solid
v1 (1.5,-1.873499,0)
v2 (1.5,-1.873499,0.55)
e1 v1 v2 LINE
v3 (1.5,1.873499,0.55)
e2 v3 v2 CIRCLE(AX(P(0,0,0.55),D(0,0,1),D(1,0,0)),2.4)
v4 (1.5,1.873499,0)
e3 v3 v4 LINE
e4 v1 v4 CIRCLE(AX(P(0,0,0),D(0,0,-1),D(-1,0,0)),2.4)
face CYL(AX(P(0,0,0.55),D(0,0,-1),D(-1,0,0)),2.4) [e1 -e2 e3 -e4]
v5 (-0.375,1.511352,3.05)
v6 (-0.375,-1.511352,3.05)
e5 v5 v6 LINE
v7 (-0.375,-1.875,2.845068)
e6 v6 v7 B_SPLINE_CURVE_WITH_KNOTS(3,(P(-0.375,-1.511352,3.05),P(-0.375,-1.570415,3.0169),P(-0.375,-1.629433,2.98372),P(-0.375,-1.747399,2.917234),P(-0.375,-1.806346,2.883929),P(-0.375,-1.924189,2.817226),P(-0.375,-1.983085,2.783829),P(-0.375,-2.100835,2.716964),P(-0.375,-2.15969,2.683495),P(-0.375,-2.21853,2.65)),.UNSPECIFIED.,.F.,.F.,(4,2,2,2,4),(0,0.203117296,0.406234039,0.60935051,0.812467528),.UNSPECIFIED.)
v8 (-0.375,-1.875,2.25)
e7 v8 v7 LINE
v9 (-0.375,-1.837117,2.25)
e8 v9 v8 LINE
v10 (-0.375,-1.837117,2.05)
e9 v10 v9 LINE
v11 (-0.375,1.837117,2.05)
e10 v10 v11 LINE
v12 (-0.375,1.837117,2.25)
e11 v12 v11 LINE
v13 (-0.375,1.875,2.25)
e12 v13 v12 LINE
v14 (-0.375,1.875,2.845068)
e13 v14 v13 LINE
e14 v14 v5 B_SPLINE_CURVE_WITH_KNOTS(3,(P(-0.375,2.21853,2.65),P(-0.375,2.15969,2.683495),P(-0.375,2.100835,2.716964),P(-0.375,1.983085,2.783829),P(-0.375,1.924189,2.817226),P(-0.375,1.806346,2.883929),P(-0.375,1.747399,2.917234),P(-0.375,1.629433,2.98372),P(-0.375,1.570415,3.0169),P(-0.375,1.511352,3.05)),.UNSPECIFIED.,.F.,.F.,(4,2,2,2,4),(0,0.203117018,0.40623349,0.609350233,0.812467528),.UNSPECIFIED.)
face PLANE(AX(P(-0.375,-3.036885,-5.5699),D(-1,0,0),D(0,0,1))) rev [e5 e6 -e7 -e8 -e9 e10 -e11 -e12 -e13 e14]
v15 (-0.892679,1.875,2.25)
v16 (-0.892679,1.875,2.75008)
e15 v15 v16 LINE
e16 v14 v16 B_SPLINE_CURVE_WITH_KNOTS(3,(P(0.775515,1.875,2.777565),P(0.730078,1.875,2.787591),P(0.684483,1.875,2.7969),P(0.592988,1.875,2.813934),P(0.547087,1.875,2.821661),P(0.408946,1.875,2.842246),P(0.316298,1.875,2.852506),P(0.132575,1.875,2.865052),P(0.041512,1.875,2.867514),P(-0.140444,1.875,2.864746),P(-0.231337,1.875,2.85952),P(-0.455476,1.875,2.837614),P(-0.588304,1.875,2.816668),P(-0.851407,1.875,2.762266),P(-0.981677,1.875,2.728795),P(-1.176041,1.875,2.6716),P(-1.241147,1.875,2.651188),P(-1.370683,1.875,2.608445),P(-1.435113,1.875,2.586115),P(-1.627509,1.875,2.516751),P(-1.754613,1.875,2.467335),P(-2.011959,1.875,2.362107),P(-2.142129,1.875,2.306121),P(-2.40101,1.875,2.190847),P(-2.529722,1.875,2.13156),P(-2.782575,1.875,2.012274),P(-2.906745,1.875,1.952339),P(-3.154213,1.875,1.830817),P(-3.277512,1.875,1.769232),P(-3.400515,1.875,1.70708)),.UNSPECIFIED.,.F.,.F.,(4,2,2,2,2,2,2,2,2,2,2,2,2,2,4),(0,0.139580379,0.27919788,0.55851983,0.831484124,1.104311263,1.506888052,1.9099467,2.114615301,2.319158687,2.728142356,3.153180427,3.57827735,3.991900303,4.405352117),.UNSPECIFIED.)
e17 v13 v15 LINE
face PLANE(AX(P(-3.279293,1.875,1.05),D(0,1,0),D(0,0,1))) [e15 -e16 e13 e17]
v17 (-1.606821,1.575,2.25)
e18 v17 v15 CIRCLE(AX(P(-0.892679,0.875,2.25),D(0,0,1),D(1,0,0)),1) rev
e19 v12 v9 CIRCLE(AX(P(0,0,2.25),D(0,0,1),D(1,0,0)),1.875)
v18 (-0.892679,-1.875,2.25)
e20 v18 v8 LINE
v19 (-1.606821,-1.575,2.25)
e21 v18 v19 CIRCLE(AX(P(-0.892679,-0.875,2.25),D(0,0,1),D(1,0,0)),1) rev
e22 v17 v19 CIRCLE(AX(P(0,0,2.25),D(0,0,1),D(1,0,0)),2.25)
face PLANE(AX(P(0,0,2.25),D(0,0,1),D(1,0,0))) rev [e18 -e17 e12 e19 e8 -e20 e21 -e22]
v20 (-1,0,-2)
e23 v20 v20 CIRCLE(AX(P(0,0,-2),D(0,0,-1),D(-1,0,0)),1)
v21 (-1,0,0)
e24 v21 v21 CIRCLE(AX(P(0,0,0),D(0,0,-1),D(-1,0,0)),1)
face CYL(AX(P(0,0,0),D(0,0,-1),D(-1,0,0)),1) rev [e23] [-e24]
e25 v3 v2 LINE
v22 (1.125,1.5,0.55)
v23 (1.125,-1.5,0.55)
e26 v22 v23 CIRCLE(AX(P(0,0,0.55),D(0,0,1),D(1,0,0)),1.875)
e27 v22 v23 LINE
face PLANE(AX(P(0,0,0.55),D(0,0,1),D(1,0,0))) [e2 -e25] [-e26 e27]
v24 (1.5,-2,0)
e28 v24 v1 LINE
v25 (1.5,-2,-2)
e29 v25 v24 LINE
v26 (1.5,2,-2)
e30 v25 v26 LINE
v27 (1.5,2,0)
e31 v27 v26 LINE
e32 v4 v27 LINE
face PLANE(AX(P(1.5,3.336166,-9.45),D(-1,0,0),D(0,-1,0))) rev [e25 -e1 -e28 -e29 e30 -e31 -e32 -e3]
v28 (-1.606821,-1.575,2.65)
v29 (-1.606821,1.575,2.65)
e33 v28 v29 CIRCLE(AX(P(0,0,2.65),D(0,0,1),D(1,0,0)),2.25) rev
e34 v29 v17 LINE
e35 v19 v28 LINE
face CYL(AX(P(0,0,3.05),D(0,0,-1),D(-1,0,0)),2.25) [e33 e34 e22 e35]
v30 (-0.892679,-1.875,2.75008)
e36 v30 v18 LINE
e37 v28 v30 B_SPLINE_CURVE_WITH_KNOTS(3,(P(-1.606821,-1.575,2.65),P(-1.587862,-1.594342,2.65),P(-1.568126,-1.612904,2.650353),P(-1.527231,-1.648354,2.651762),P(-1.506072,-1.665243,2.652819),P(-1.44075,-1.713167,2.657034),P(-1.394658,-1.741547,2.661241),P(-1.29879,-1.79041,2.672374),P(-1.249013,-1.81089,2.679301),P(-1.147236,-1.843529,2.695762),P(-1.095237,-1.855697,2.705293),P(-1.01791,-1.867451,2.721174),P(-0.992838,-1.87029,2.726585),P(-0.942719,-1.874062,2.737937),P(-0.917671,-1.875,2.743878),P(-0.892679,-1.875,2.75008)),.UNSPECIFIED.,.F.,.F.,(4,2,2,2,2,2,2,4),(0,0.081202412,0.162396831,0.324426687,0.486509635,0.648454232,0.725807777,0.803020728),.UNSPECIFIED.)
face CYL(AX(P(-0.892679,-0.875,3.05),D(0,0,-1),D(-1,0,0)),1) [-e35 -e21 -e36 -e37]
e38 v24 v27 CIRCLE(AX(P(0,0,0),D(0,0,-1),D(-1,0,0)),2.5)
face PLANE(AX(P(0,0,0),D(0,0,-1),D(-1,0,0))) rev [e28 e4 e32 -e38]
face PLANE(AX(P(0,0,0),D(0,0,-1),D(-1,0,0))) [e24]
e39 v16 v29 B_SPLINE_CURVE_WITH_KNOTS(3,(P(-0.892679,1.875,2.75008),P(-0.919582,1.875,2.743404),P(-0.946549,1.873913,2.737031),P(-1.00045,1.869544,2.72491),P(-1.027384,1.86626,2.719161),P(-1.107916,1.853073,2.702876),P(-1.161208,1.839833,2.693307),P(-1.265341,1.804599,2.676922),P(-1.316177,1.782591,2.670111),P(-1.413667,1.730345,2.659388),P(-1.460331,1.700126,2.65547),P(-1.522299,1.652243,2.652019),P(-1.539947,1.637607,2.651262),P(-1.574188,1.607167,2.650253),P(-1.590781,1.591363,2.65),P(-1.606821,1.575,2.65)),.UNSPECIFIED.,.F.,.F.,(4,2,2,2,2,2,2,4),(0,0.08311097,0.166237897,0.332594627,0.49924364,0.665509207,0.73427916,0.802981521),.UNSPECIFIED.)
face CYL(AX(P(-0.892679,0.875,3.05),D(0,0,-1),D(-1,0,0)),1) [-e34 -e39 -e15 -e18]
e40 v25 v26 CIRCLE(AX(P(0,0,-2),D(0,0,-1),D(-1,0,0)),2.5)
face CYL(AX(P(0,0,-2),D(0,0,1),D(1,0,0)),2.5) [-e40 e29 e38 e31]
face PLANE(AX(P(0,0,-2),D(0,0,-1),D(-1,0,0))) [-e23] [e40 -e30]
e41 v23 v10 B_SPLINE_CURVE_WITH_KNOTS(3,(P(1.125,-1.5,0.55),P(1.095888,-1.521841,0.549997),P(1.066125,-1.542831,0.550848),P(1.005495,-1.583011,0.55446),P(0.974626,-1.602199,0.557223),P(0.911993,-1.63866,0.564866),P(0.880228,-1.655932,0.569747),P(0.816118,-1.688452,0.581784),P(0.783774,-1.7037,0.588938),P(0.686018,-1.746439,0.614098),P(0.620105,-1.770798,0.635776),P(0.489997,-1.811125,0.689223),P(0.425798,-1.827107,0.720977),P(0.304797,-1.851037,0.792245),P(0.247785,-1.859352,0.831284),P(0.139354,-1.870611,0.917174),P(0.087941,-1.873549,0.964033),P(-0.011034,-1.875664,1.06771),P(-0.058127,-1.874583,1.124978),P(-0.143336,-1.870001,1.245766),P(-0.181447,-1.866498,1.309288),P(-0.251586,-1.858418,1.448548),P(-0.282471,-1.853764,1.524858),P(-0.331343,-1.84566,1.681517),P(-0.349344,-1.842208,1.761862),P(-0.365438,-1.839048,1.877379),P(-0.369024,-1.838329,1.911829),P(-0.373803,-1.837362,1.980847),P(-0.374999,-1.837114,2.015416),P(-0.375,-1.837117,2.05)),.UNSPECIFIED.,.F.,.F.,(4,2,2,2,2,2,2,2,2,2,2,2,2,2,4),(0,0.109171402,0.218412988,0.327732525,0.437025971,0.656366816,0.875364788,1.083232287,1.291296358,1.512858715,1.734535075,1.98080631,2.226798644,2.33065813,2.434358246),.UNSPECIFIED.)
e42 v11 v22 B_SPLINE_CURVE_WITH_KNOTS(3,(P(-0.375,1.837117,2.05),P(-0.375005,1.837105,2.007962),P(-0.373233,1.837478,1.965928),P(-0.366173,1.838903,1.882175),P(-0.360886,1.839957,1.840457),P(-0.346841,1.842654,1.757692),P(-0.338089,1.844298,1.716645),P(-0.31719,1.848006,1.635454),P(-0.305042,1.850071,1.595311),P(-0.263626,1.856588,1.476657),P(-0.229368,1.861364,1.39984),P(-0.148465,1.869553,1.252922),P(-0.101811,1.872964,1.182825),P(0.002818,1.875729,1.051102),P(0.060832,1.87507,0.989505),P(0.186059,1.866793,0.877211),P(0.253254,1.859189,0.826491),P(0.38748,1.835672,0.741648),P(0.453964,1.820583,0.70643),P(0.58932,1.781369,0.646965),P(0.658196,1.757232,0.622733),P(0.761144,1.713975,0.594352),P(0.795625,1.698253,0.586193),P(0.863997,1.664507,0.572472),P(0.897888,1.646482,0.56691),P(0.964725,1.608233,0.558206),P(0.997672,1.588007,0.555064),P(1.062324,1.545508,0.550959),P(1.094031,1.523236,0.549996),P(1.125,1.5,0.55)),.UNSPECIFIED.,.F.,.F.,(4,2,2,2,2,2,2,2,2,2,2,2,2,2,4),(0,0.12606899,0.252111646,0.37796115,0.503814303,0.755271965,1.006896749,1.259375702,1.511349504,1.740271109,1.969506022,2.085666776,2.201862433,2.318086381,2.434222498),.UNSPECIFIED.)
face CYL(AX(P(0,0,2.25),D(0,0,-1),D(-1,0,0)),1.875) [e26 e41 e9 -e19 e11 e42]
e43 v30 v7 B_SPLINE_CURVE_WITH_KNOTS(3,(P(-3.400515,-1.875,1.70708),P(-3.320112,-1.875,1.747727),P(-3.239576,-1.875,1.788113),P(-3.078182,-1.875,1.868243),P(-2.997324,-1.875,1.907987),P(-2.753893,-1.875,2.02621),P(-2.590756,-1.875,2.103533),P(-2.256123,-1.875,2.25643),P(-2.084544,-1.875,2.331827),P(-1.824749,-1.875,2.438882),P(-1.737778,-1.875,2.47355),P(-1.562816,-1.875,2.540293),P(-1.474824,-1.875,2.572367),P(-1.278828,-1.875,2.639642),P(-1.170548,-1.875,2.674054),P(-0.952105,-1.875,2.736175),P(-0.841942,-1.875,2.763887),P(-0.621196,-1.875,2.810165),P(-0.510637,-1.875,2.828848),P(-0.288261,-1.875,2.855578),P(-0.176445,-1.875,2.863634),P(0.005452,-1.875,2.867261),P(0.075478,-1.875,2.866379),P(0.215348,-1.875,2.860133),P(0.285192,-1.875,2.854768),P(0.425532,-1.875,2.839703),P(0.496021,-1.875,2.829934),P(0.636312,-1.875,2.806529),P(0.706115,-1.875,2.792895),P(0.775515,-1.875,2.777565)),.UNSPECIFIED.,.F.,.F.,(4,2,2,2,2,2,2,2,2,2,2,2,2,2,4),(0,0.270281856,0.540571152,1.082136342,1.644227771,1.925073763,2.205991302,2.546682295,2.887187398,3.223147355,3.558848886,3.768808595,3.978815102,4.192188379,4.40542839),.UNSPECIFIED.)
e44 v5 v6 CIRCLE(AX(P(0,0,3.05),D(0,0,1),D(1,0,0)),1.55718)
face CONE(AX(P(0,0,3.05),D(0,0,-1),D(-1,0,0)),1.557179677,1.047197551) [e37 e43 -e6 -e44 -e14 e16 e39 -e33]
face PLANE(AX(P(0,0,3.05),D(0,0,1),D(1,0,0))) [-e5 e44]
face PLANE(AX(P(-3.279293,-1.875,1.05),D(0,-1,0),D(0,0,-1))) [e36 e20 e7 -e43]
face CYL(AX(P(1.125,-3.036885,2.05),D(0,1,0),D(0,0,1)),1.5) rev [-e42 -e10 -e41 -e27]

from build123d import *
from OCP.BRepFilletAPI import BRepFilletAPI_MakeChamfer

# Parameters (mm, degrees)
SKETCH1_R               = 2.4
BOSS_EXTRUDE1_DEPTH     = 0.55
SKETCH2_R               = 1.875
BOSS_EXTRUDE2_DEPTH     = 1.7
SKETCH3_R               = 2.5
BOSS_EXTRUDE3_DEPTH     = 2
SKETCH4_R               = 2.25
BOSS_EXTRUDE4_DEPTH     = 0.8
CUT_EXTRUDE1_REACH      = 8.165
SKETCH5_W               = 0.75
SKETCH5_H               = 6.07376998
CHAMFER1_SIZE           = 0.4
CHAMFER1_SIZE2          = 0.692820323
SKETCH6_W               = 6.999273813
SKETCH6_H               = 5.334981493
SKETCH6_W_2             = 6.558585844
SKETCH6_H_2             = 3.75
CUT_EXTRUDE3_DEPTH      = 2
FILLET2_R               = 1
SKETCH7_R               = 1
CUT_EXTRUDE4_DEPTH      = 2
CUT_EXTRUDE5_DEPTH      = 3
CUT_EXTRUDE5_DEPTH_BACK = 10
SKETCH9_W               = 3.309409713
SKETCH9_H               = 2.920914296
FILLET3_R               = 1.5
SKETCH10_W              = 2.950077704
SKETCH10_H              = 6.497759574
CUT_EXTRUDE6_DEPTH      = 10


with BuildPart() as part:
    # Sketch1 → Boss-Extrude1 (new body)
    with BuildSketch(Plane.XY):
        Circle(SKETCH1_R)
    extrude(amount=BOSS_EXTRUDE1_DEPTH)

    # Sketch2 → Boss-Extrude2 (add)
    with BuildSketch(Plane.XY.offset(0.55)):
        Circle(SKETCH2_R)
    extrude(amount=BOSS_EXTRUDE2_DEPTH)

    # Sketch3 → Boss-Extrude3 (add)
    with BuildSketch(Plane(origin=(0, 0, 0), x_dir=(-1, 0, 0), z_dir=(0, 0, -1))):
        Circle(SKETCH3_R)
    extrude(amount=BOSS_EXTRUDE3_DEPTH)

    # Sketch4 → Boss-Extrude4 (add)
    with BuildSketch(Plane.XY.offset(2.25)):
        Circle(SKETCH4_R)
    extrude(amount=BOSS_EXTRUDE4_DEPTH)

    # Cut-Extrude1: up to this face of the body (flat: up to its plane)
    cut_extrude1_end = Plane(part.part.faces().sort_by_distance((-2.332117749, 0, 0.55))[0])
    # Sketch5 → Cut-Extrude1 (cut, up to the picked face)
    with BuildSketch(Plane.XY.offset(3.05), mode=Mode.PRIVATE) as cut_extrude1_sk1:
        Rectangle(SKETCH5_W, SKETCH5_H)
    cut_extrude1_tool1 = split(extrude(cut_extrude1_sk1.sketch, amount=-CUT_EXTRUDE1_REACH, mode=Mode.PRIVATE), bisect_by=cut_extrude1_end, keep=Keep.BOTH, mode=Mode.PRIVATE)
    add(cut_extrude1_tool1.solids().sort_by(Axis((0, 0, 3.05), (0, 0, -1)))[0], mode=Mode.SUBTRACT)

    # Chamfer1: one chamfer whose edges measure the first distance from different faces: ONE call of the kernel's chamfer builder (chamfer() names one face for all edges)
    chamfer1_edges_1 = [part.edges().sort_by_distance(p)[0] for p in [
        (-2.25, 0, 3.05),
    ]]
    chamfer1_side_1 = [part.faces().sort_by_distance(p)[0] for p in [
        (-2.25, 0, 2.65),
    ]]
    chamfer1_edges_2 = [part.edges().sort_by_distance(p)[0] for p in [
        (2.25, 0, 3.05),
    ]]
    chamfer1_side_2 = [part.faces().sort_by_distance(p)[0] for p in [
        (2.25, 0, 2.65),
    ]]
    chamfer1 = BRepFilletAPI_MakeChamfer(part.part.solid().wrapped)
    for e in chamfer1_edges_1:
        chamfer1.Add(CHAMFER1_SIZE, CHAMFER1_SIZE2, e.wrapped, chamfer1_side_1[0].wrapped)  # the first distance lies on this face
    for e in chamfer1_edges_2:
        chamfer1.Add(CHAMFER1_SIZE, CHAMFER1_SIZE2, e.wrapped, chamfer1_side_2[0].wrapped)  # the first distance lies on this face
    add(Compound.cast(chamfer1.Shape()), mode=Mode.REPLACE)

    # Sketch6 → Cut-Extrude3 (cut)
    with BuildSketch(Plane.XY.offset(3.05)):
        with Locations((0.047792, -0.043471688)):
            Rectangle(SKETCH6_W, SKETCH6_H)
        Rectangle(SKETCH6_W_2, SKETCH6_H_2, mode=Mode.SUBTRACT)
    extrude(amount=-CUT_EXTRUDE3_DEPTH, mode=Mode.SUBTRACT)

    # Fillet2
    fillet2_edges = [part.edges().sort_by_distance(p)[0] for p in [
        (-1.243734296, 1.875, 2.45),
        (1.243734296, 1.875, 2.45),
        (-1.243734296, -1.875, 2.45),
        (1.243734296, -1.875, 2.45),
    ]]
    fillet(fillet2_edges, radius=FILLET2_R)

    # Sketch7 → Cut-Extrude4 (cut)
    with BuildSketch(Plane(origin=(0, 0, -2), x_dir=(-1, 0, 0), z_dir=(0, 0, -1))):
        Circle(SKETCH7_R)
    extrude(amount=-CUT_EXTRUDE4_DEPTH, mode=Mode.SUBTRACT)

    # Sketch9 → Cut-Extrude5 (cut, two sides: drawn at the far end of the back side and taken through both)
    with BuildSketch(Plane(origin=(0, 0, 0), x_dir=(1, 0, 0), z_dir=(0, 1, 0)).offset(-CUT_EXTRUDE5_DEPTH_BACK)):
        with Locations((1.654704857, -2.010457148)):
            Rectangle(SKETCH9_W, SKETCH9_H)
    extrude(amount=CUT_EXTRUDE5_DEPTH + CUT_EXTRUDE5_DEPTH_BACK, mode=Mode.SUBTRACT)

    # Fillet3
    fillet3_edges = [part.edges().sort_by_distance(p)[0] for p in [
        (-0.375, 0, 0.55),
    ]]
    fillet(fillet3_edges, radius=FILLET3_R)

    # Sketch10 → Cut-Extrude6 (cut)
    with BuildSketch(Plane.XY.offset(0.55)):
        with Locations((2.975038852, 0.087286089)):
            Rectangle(SKETCH10_W, SKETCH10_H)
    extrude(amount=-CUT_EXTRUDE6_DEPTH, mode=Mode.SUBTRACT)


solid = part.part
